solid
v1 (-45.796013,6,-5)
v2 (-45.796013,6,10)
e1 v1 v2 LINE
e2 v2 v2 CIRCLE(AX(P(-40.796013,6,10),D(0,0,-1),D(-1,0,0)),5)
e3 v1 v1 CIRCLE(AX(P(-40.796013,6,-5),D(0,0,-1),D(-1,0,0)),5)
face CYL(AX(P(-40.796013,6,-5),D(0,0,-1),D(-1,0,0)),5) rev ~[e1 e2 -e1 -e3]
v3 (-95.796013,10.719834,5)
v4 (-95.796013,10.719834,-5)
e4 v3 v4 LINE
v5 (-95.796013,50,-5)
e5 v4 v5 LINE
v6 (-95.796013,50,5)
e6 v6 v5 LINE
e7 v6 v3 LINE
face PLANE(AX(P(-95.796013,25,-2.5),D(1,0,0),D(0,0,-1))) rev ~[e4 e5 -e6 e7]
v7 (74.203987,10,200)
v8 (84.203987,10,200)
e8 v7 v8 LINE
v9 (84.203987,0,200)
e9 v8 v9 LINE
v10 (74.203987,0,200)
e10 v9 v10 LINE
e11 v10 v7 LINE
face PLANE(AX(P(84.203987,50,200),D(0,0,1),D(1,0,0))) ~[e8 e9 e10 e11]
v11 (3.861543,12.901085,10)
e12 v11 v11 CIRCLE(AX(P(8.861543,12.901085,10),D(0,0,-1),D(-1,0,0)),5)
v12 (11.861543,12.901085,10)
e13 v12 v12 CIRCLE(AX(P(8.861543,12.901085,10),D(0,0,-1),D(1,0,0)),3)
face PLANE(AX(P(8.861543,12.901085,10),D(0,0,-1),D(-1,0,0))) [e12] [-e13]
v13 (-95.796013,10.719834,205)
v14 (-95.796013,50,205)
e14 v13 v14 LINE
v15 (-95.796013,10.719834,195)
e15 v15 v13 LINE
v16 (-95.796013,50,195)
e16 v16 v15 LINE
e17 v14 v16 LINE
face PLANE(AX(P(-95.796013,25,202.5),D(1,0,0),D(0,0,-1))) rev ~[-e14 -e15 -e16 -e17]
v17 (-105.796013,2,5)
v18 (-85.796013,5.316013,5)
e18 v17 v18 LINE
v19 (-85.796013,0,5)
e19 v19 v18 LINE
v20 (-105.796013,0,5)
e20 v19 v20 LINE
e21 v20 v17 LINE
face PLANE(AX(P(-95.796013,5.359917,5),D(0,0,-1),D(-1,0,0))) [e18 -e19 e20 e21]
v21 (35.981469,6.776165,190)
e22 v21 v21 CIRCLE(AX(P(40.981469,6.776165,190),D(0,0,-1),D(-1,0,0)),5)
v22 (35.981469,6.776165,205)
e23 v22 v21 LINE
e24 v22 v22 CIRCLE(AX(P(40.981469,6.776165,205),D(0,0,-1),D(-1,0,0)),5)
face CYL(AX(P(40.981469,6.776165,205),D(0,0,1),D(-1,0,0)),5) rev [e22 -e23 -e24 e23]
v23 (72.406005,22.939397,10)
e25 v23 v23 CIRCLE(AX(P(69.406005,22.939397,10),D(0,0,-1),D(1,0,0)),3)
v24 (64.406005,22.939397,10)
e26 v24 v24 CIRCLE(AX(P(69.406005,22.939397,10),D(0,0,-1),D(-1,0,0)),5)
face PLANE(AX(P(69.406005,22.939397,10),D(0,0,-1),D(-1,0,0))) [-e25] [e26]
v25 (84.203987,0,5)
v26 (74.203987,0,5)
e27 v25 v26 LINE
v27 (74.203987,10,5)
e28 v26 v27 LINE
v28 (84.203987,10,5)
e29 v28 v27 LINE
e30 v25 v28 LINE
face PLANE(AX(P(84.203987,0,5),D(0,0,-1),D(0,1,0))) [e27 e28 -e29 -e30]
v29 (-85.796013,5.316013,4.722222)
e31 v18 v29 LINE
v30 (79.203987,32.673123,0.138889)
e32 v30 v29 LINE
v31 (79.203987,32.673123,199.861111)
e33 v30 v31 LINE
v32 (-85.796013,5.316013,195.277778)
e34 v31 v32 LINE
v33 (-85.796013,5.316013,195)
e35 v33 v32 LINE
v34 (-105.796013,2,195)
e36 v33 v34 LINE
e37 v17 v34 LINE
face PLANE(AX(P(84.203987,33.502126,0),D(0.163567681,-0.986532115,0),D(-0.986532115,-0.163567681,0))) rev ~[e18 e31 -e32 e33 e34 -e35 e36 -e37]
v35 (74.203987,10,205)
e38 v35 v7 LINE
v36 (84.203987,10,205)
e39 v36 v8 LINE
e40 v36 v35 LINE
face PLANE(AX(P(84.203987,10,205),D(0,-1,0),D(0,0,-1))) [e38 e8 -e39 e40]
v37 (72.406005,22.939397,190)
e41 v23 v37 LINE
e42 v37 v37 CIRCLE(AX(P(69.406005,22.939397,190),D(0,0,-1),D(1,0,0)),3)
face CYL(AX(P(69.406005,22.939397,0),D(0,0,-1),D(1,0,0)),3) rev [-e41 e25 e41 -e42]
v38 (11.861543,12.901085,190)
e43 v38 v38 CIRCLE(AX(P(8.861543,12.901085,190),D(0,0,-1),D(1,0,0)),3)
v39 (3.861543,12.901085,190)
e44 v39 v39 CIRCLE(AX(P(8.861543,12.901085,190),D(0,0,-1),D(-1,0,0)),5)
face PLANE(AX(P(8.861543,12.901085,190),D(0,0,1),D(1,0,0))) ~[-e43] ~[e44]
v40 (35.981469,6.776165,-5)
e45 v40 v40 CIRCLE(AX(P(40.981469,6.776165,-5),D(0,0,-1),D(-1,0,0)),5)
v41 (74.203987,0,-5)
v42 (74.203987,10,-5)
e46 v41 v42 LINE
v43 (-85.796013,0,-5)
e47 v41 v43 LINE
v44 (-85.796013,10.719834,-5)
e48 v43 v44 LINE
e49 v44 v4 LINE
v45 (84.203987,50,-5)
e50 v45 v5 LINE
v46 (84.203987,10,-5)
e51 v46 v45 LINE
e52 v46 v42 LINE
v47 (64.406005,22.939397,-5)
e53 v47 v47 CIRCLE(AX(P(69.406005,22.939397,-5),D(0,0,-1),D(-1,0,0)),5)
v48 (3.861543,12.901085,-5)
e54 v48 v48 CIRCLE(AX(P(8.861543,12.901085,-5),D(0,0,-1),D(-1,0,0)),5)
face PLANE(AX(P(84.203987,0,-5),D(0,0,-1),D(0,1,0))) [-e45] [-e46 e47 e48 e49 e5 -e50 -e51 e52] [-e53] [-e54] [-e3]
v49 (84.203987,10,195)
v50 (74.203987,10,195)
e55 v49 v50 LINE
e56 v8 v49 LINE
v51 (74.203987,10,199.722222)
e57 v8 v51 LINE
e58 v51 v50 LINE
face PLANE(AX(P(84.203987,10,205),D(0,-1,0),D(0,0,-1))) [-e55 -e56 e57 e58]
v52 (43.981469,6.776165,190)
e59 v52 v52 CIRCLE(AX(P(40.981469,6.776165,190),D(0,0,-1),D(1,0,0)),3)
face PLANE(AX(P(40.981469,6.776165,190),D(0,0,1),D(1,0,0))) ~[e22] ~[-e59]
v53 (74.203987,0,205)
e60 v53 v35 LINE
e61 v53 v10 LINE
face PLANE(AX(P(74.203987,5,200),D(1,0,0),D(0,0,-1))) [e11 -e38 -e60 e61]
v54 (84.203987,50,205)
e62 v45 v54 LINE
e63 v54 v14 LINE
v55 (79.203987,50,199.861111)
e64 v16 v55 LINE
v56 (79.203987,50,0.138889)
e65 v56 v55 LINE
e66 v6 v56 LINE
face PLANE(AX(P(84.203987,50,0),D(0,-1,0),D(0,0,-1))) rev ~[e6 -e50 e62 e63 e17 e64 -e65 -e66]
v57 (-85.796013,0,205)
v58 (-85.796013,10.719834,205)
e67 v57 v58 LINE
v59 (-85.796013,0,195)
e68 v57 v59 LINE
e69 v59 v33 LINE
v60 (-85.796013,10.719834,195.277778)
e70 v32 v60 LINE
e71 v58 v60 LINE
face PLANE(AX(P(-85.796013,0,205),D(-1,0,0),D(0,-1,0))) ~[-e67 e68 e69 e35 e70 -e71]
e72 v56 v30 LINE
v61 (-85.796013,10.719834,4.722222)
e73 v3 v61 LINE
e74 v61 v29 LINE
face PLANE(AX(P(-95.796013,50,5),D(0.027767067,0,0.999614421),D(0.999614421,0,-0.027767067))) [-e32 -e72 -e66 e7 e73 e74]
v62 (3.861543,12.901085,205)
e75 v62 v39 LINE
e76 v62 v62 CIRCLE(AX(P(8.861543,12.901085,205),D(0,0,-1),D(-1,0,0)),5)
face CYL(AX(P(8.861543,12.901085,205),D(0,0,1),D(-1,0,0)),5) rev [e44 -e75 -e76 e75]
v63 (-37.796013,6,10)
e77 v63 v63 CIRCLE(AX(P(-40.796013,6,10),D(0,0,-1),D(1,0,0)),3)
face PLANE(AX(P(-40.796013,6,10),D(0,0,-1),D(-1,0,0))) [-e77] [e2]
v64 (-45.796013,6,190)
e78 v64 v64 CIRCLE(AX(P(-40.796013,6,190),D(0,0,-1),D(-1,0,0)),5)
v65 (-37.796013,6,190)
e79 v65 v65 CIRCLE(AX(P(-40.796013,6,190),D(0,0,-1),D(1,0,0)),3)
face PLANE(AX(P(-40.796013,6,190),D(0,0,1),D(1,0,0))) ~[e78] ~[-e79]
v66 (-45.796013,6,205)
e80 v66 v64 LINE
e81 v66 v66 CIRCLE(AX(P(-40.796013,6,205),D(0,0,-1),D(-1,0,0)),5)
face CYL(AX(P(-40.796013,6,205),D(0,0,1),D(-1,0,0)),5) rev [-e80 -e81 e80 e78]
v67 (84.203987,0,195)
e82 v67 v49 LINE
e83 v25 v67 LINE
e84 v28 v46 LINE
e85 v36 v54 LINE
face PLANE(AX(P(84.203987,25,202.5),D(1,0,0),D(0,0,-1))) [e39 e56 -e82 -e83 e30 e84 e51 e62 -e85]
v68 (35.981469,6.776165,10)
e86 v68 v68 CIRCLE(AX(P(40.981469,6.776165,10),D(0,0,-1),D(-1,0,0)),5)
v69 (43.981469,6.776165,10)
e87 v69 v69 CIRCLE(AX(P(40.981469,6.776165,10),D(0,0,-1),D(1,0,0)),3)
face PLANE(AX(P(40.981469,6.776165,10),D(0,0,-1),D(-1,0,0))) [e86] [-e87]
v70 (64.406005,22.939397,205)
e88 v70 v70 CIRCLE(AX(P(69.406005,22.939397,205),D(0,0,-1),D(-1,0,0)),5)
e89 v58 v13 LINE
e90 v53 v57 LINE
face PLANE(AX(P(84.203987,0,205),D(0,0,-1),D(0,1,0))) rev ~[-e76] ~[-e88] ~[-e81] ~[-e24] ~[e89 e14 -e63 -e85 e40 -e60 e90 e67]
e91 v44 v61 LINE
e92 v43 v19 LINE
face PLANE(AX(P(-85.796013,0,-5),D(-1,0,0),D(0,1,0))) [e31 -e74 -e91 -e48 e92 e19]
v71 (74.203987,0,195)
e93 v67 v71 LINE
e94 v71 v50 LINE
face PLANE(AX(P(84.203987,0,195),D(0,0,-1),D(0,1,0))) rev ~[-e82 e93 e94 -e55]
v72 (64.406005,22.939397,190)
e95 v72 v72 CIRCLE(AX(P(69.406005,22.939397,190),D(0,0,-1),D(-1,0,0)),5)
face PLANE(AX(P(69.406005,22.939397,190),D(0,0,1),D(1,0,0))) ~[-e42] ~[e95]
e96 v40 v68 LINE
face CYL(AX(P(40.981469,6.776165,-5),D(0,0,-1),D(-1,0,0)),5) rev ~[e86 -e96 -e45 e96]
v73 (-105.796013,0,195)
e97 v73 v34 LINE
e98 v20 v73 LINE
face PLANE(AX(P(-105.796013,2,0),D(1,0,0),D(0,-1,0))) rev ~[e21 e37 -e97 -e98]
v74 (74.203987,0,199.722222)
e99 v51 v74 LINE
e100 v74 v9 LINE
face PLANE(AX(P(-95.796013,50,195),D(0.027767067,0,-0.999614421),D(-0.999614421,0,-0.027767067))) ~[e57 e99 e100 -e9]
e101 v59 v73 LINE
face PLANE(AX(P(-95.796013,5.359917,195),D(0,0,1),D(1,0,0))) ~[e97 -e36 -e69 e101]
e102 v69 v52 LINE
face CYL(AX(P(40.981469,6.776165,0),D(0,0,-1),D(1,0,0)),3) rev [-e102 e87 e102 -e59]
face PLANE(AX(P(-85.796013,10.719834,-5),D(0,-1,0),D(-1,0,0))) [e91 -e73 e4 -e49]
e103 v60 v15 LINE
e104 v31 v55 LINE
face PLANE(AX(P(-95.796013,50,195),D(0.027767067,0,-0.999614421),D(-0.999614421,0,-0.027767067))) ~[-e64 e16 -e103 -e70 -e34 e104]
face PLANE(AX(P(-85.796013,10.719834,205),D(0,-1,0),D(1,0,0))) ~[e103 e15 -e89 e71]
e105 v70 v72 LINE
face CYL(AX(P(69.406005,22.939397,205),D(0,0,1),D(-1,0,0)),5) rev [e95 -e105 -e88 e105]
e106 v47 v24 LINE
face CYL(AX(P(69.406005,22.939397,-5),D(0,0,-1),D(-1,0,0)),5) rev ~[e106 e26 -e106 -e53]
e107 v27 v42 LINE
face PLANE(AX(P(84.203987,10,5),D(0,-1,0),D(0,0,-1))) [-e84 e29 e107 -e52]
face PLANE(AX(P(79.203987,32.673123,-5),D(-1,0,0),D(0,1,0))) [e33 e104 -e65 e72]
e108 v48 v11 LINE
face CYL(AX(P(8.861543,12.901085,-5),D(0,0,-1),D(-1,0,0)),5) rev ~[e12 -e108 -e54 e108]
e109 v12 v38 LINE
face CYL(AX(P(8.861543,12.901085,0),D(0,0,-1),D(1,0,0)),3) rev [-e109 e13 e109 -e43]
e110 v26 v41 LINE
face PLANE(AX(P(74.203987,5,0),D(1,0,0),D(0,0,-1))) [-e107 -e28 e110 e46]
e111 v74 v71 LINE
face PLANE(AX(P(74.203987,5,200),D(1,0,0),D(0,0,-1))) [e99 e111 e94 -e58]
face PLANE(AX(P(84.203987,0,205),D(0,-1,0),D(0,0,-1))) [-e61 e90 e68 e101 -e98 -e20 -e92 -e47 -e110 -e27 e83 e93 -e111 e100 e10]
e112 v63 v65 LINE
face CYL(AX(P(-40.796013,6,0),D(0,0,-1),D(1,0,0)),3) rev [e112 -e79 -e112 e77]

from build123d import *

# Parameters (mm, degrees)
ESQUISSE1_R             = 3
BOSS_EXTRU_1_DEPTH      = 200
ESQUISSE4_W             = 5
ESQUISSE4_H             = 50
BOSS_EXTRU_4_DEPTH      = 180
BOSS_EXTRU_7_DEPTH      = 50
ESQUISSE6_W             = 20
ESQUISSE6_H             = 10.719834163
ENL_V_MAT_EXTRU_2_DEPTH = 10
ESQUISSE5_W             = 10
ESQUISSE5_H             = 10
ENL_V_MAT_EXTRU_1_DEPTH = 10
ESQUISSE14_R            = 5
ENL_V_MAT_EXTRU_4_DEPTH = 15
BOSS_EXTRU_8_REACH      = 242.401


with BuildPart() as part:
    # Esquisse1 → Boss.-Extru.1 (new body)
    with BuildSketch(Plane.XY):
        Polygon((-105.796013405, 0), (84.203986595, 0), (84.203986595, 33.502126335), (-105.796013405, 2), align=None)
        with Locations((69.406004871, 22.939397164)):
            Circle(ESQUISSE1_R, mode=Mode.SUBTRACT)
        with Locations((40.981469067, 6.77616521)):
            Circle(ESQUISSE1_R, mode=Mode.SUBTRACT)
        with Locations((-40.796013405, 6)):
            Circle(ESQUISSE1_R, mode=Mode.SUBTRACT)
        with Locations((8.861542866, 12.901085106)):
            Circle(ESQUISSE1_R, mode=Mode.SUBTRACT)
    extrude(amount=BOSS_EXTRU_1_DEPTH)

    # Esquisse4 → Boss.-Extru.4 (add)
    with BuildSketch(Plane(origin=(84.203986595, 0, 0), x_dir=(0, 0, -1), z_dir=(1, 0, 0))):
        with Locations((-202.5, 25)):
            Rectangle(ESQUISSE4_W, ESQUISSE4_H)
        with Locations((2.5, 25)):
            Rectangle(ESQUISSE4_W, ESQUISSE4_H)
    extrude(amount=-BOSS_EXTRU_4_DEPTH)

    # Esquisse8 → Boss.-Extru.7 (add)
    with BuildSketch(Plane(origin=(0, 50, 0), x_dir=(1, 0, 0), z_dir=(0, 1, 0))):
        Polygon((84.203986595, 0), (-95.796013405, 0), (-95.796013405, -5), align=None)
    boss_extru_7 = extrude(amount=-BOSS_EXTRU_7_DEPTH)

    # Esquisse6 → Enlèv. mat.-Extru.2 (cut)
    with BuildSketch(Plane(origin=(0, 0, -5), x_dir=(-1, 0, 0), z_dir=(0, 0, -1))):
        with Locations((95.796013405, 5.359917081)):
            Rectangle(ESQUISSE6_W, ESQUISSE6_H)
    enl_v_mat_extru_2 = extrude(amount=-ENL_V_MAT_EXTRU_2_DEPTH, mode=Mode.SUBTRACT)

    # Esquisse5 → Enlèv. mat.-Extru.1 (cut)
    with BuildSketch(Plane(origin=(84.203986595, 0, 0), x_dir=(0, 0, -1), z_dir=(1, 0, 0))):
        with Locations((-200, 5)):
            Rectangle(ESQUISSE5_W, ESQUISSE5_H)
        with Locations((0, 5)):
            Rectangle(ESQUISSE5_W, ESQUISSE5_H)
    extrude(amount=-ENL_V_MAT_EXTRU_1_DEPTH, mode=Mode.SUBTRACT)

    # Esquisse14 → Enlèv. mat.-Extru.4 (cut)
    with BuildSketch(Plane(origin=(0, 0, -5), x_dir=(-1, 0, 0), z_dir=(0, 0, -1))):
        with Locations((-69.406004871, 22.939397164)):
            Circle(ESQUISSE14_R)
        with Locations((-40.981469067, 6.77616521)):
            Circle(ESQUISSE14_R)
        with Locations((-8.861542866, 12.901085106)):
            Circle(ESQUISSE14_R)
        with Locations((40.796013405, 6)):
            Circle(ESQUISSE14_R)
    enl_v_mat_extru_4 = extrude(amount=-ENL_V_MAT_EXTRU_4_DEPTH, mode=Mode.SUBTRACT)

    # Symétrie3: Boss.-Extru.7, Enlèv. mat.-Extru.2, Enlèv. mat.-Extru.4 across plane
    add(boss_extru_7.mirror(Plane(origin=(0, 0, 100), x_dir=(1, 0, 0), z_dir=(0, 0, -1))))
    add(enl_v_mat_extru_2.mirror(Plane(origin=(0, 0, 100), x_dir=(1, 0, 0), z_dir=(0, 0, -1))), mode=Mode.SUBTRACT)
    add(enl_v_mat_extru_4.mirror(Plane(origin=(0, 0, 100), x_dir=(1, 0, 0), z_dir=(0, 0, -1))), mode=Mode.SUBTRACT)

    # Boss.-Extru.8: up to this plane
    boss_extru_8_end = Plane(origin=(-95.796013405, -180.069431054, 195), z_dir=(-0.0277670672403533, 0, 0.9996144206527183))
    # Esquisse15 → Boss.-Extru.8 (add, up to the surface)
    with BuildSketch(Plane(origin=(0, 0, -5), x_dir=(-1, 0, 0), z_dir=(0, 0, -1)), mode=Mode.PRIVATE) as boss_extru_8_sk1:
        Polygon((-84.203986595, 33.502126335), (-79.203986595, 32.67312301), (-79.203986595, 50), (-84.203986595, 50), align=None)
    boss_extru_8_tool1 = split(extrude(boss_extru_8_sk1.sketch, amount=-BOSS_EXTRU_8_REACH, mode=Mode.PRIVATE), bisect_by=boss_extru_8_end, keep=Keep.BOTH, mode=Mode.PRIVATE)
    add(boss_extru_8_tool1.solids().sort_by_distance((81.683563, 41.542119, -5))[0])


solid = part.part
